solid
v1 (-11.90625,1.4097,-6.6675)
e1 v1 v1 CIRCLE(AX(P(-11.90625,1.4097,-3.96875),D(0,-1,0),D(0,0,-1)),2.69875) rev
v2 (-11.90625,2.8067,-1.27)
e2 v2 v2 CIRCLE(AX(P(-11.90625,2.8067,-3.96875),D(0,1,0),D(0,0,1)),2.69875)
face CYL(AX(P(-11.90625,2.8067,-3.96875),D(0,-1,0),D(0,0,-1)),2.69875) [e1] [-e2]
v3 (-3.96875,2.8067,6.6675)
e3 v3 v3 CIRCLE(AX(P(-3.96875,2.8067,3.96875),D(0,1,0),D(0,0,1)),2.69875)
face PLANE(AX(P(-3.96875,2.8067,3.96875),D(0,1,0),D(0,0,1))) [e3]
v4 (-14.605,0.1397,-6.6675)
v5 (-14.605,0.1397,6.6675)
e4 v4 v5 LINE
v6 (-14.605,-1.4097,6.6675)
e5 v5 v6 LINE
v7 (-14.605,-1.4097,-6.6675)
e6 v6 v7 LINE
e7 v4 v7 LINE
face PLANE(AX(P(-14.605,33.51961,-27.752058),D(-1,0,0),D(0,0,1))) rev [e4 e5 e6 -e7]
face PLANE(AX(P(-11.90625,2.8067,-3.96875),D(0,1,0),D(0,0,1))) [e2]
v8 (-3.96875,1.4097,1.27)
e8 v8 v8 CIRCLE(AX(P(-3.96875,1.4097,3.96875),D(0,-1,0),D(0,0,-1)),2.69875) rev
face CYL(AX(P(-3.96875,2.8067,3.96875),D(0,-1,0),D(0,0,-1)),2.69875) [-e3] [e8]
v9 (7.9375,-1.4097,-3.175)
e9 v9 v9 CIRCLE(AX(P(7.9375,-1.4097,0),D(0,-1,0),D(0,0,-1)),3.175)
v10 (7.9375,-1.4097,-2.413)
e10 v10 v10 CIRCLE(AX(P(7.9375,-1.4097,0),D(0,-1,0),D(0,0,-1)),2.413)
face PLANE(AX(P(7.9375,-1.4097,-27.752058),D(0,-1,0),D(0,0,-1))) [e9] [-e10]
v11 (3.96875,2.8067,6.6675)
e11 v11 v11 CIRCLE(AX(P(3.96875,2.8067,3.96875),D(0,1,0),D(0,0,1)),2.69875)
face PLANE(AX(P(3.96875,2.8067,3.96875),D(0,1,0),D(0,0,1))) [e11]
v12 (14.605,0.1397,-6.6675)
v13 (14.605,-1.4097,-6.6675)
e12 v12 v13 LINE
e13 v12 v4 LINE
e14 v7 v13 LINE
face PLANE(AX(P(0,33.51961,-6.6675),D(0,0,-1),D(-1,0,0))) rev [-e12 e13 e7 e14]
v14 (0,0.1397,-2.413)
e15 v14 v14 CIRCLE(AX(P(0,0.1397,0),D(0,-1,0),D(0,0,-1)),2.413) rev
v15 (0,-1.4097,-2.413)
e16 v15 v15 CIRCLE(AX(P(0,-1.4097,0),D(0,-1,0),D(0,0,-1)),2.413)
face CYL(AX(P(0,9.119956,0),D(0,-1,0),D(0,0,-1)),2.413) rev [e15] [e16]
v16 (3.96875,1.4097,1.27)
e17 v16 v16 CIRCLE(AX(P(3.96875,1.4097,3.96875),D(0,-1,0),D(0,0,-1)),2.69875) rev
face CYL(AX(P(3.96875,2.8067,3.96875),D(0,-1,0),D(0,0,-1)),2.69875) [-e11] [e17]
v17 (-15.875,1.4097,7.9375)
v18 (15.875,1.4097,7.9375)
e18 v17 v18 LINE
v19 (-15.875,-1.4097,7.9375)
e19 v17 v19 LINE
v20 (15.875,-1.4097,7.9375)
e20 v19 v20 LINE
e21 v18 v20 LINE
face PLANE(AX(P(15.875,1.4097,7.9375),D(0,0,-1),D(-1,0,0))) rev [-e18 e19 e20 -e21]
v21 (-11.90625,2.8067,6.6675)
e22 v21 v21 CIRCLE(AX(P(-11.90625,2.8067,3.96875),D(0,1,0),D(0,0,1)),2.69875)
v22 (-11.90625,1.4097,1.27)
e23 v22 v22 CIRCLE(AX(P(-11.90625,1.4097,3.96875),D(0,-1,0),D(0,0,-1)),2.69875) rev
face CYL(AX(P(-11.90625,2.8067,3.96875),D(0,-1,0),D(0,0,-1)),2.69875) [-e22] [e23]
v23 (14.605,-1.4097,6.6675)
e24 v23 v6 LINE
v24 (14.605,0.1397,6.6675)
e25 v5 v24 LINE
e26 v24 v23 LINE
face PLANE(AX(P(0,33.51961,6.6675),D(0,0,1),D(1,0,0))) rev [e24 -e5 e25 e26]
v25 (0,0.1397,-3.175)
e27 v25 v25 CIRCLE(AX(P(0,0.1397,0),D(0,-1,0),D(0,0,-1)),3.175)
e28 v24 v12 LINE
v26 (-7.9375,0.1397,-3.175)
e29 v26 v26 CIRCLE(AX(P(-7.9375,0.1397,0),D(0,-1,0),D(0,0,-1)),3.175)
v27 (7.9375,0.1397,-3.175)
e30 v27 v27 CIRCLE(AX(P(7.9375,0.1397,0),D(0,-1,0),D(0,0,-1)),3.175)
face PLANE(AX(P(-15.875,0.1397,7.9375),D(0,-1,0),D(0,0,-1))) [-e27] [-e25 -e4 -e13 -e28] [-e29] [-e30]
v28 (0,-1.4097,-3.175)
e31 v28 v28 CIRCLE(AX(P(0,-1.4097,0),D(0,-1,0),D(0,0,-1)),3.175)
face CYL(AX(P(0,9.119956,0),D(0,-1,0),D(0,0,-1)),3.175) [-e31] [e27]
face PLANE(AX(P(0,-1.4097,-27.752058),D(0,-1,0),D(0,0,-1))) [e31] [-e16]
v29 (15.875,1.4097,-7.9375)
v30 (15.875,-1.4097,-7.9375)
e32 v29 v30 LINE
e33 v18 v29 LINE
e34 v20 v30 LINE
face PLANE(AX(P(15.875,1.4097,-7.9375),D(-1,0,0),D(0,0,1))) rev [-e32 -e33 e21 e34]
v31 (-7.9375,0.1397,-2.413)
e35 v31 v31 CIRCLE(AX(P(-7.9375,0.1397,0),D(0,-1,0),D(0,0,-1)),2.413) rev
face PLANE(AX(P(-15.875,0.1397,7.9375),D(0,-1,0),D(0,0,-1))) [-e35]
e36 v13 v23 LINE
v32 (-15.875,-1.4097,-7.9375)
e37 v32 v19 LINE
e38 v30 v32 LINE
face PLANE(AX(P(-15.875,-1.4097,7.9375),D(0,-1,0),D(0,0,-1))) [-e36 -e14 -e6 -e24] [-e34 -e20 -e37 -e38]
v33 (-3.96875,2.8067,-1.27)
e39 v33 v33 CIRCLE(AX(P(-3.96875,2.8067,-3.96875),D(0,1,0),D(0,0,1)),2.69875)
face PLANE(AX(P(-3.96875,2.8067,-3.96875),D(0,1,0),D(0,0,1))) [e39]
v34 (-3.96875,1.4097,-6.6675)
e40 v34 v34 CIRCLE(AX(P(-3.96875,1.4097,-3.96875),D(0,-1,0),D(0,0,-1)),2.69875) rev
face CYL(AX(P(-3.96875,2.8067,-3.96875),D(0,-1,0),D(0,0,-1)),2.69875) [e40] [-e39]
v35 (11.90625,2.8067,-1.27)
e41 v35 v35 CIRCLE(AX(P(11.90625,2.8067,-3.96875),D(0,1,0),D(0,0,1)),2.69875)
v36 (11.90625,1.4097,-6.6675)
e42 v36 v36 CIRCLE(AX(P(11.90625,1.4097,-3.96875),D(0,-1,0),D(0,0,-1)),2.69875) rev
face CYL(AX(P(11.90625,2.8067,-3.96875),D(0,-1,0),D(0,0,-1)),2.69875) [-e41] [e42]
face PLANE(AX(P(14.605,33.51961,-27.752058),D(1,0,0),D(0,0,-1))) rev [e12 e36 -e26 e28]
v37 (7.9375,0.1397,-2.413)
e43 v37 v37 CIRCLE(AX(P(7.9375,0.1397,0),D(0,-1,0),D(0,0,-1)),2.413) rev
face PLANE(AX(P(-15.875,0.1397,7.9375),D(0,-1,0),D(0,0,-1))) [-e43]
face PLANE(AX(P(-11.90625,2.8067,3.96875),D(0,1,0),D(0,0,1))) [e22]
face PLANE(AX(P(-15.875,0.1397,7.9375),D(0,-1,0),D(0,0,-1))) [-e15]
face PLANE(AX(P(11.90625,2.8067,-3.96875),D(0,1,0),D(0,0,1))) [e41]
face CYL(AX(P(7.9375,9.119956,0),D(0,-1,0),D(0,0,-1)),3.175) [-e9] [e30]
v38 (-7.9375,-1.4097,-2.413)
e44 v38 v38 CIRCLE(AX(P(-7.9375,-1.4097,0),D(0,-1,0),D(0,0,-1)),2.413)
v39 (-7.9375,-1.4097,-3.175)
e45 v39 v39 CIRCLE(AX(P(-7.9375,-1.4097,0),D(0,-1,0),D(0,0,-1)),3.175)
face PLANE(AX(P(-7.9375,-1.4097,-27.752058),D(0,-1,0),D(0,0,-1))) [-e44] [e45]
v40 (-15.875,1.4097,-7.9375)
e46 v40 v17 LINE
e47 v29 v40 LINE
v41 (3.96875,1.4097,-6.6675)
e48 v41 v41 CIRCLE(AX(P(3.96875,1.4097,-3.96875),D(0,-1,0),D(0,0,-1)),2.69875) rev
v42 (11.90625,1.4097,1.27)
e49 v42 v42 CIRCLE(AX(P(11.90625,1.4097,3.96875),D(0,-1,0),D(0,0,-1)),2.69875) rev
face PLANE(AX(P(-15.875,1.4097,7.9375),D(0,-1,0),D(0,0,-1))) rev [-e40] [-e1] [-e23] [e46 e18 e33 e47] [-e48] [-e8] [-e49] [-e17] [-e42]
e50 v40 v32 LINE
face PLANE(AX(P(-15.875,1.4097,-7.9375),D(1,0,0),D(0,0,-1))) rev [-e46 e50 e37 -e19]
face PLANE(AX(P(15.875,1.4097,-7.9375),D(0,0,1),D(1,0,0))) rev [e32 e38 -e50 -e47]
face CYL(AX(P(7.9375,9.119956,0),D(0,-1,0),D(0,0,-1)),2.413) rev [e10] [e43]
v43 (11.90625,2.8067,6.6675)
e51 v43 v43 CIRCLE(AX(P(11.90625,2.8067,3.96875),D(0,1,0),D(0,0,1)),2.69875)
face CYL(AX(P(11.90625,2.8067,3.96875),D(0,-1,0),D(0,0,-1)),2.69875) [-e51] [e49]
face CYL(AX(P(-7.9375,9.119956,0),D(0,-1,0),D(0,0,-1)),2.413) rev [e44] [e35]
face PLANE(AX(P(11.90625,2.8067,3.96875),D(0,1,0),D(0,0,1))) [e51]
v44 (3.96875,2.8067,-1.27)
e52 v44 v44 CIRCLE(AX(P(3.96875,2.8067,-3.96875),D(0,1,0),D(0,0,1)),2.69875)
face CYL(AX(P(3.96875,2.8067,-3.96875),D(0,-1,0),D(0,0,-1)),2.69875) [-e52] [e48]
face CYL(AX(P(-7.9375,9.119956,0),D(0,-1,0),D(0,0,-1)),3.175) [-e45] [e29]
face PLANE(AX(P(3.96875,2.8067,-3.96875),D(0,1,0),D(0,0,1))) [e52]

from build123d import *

# Parameters (mm, degrees)
SKETCH1_W            = 31.75
SKETCH1_H            = 15.875
BOSS_EXTRUDE1_DEPTH  = 1.4097
SKETCH2_W            = 29.21
SKETCH2_H            = 13.335
SKETCH2_R            = 3.175
SKETCH2_R_2          = 2.413
CUT_EXTRUDE1_DEPTH   = 1.5494
SKETCH3_R            = 2.69875
BOSS_EXTRUDE2_DEPTH  = 1.397
LPATTERN1_COUNT      = 4
LPATTERN1_PITCH      = 7.9375
LPATTERN1_COUNT_DIR2 = 2
LPATTERN1_PITCH_DIR2 = 7.9375
SKETCH2_3_R          = 3.175
SKETCH2_3_R_2        = 2.413
BOSS_EXTRUDE3_DEPTH  = 1.5494
LPATTERN2_COUNT      = 2
LPATTERN2_PITCH      = 7.9375
LPATTERN2_COL_COUNT  = 2
LPATTERN2_COL_PITCH  = 7.9375


with BuildPart() as part:
    # Sketch1 → Boss-Extrude1 (new, symmetric)
    with BuildSketch(Plane(origin=(0, 0, 0), x_dir=(1, 0, 0), z_dir=(0, 1, 0))):
        Rectangle(SKETCH1_W, SKETCH1_H)
    extrude(amount=BOSS_EXTRUDE1_DEPTH, both=True)

    # Sketch2 → Cut-Extrude1 (cut)
    with BuildSketch(Plane.XZ.offset(1.4097)):
        Rectangle(SKETCH2_W, SKETCH2_H)
        Circle(SKETCH2_R, mode=Mode.SUBTRACT)
        Circle(SKETCH2_R)
        Circle(SKETCH2_R_2, mode=Mode.SUBTRACT)
        Circle(SKETCH2_R_2)
    extrude(amount=-CUT_EXTRUDE1_DEPTH, mode=Mode.SUBTRACT)

    # Sketch3 → Boss-Extrude2 (add)
    with BuildSketch(Plane(origin=(0, 1.4097, 0), x_dir=(1, 0, 0), z_dir=(0, 1, 0))):
        with Locations(Location((11.90625, -3.96875, 0), (0, 0, 90))):
            Circle(SKETCH3_R)
    boss_extrude2 = extrude(amount=BOSS_EXTRUDE2_DEPTH)

    # LPattern1: Boss-Extrude2 4 × 2
    with Locations(*[(-i * LPATTERN1_PITCH, 0, -j * LPATTERN1_PITCH_DIR2) for i in range(LPATTERN1_COUNT) for j in range(LPATTERN1_COUNT_DIR2) if (i, j) != (0, 0)]):
        add(boss_extrude2)

    # Sketch2<3> → Boss-Extrude3 (add)
    with BuildSketch(Plane.XZ.offset(1.4097)):
        with Locations(Location((0, 0, 0), (0, 0, 270))):
            Circle(SKETCH2_3_R)
        with Locations(Location((0, 0, 0), (0, 0, 270))):
            Circle(SKETCH2_3_R_2, mode=Mode.SUBTRACT)
    boss_extrude3 = extrude(amount=-BOSS_EXTRUDE3_DEPTH)

    # LPattern2: Boss-Extrude3 ×2
    with Locations(*[(i * LPATTERN2_PITCH, 0, 0) for i in range(1, LPATTERN2_COUNT)]):
        add(boss_extrude3)

    # LPattern2 col: Boss-Extrude3 ×2
    with Locations(*[(-i * LPATTERN2_COL_PITCH, 0, 0) for i in range(1, LPATTERN2_COL_COUNT)]):
        add(boss_extrude3)


solid = part.part
